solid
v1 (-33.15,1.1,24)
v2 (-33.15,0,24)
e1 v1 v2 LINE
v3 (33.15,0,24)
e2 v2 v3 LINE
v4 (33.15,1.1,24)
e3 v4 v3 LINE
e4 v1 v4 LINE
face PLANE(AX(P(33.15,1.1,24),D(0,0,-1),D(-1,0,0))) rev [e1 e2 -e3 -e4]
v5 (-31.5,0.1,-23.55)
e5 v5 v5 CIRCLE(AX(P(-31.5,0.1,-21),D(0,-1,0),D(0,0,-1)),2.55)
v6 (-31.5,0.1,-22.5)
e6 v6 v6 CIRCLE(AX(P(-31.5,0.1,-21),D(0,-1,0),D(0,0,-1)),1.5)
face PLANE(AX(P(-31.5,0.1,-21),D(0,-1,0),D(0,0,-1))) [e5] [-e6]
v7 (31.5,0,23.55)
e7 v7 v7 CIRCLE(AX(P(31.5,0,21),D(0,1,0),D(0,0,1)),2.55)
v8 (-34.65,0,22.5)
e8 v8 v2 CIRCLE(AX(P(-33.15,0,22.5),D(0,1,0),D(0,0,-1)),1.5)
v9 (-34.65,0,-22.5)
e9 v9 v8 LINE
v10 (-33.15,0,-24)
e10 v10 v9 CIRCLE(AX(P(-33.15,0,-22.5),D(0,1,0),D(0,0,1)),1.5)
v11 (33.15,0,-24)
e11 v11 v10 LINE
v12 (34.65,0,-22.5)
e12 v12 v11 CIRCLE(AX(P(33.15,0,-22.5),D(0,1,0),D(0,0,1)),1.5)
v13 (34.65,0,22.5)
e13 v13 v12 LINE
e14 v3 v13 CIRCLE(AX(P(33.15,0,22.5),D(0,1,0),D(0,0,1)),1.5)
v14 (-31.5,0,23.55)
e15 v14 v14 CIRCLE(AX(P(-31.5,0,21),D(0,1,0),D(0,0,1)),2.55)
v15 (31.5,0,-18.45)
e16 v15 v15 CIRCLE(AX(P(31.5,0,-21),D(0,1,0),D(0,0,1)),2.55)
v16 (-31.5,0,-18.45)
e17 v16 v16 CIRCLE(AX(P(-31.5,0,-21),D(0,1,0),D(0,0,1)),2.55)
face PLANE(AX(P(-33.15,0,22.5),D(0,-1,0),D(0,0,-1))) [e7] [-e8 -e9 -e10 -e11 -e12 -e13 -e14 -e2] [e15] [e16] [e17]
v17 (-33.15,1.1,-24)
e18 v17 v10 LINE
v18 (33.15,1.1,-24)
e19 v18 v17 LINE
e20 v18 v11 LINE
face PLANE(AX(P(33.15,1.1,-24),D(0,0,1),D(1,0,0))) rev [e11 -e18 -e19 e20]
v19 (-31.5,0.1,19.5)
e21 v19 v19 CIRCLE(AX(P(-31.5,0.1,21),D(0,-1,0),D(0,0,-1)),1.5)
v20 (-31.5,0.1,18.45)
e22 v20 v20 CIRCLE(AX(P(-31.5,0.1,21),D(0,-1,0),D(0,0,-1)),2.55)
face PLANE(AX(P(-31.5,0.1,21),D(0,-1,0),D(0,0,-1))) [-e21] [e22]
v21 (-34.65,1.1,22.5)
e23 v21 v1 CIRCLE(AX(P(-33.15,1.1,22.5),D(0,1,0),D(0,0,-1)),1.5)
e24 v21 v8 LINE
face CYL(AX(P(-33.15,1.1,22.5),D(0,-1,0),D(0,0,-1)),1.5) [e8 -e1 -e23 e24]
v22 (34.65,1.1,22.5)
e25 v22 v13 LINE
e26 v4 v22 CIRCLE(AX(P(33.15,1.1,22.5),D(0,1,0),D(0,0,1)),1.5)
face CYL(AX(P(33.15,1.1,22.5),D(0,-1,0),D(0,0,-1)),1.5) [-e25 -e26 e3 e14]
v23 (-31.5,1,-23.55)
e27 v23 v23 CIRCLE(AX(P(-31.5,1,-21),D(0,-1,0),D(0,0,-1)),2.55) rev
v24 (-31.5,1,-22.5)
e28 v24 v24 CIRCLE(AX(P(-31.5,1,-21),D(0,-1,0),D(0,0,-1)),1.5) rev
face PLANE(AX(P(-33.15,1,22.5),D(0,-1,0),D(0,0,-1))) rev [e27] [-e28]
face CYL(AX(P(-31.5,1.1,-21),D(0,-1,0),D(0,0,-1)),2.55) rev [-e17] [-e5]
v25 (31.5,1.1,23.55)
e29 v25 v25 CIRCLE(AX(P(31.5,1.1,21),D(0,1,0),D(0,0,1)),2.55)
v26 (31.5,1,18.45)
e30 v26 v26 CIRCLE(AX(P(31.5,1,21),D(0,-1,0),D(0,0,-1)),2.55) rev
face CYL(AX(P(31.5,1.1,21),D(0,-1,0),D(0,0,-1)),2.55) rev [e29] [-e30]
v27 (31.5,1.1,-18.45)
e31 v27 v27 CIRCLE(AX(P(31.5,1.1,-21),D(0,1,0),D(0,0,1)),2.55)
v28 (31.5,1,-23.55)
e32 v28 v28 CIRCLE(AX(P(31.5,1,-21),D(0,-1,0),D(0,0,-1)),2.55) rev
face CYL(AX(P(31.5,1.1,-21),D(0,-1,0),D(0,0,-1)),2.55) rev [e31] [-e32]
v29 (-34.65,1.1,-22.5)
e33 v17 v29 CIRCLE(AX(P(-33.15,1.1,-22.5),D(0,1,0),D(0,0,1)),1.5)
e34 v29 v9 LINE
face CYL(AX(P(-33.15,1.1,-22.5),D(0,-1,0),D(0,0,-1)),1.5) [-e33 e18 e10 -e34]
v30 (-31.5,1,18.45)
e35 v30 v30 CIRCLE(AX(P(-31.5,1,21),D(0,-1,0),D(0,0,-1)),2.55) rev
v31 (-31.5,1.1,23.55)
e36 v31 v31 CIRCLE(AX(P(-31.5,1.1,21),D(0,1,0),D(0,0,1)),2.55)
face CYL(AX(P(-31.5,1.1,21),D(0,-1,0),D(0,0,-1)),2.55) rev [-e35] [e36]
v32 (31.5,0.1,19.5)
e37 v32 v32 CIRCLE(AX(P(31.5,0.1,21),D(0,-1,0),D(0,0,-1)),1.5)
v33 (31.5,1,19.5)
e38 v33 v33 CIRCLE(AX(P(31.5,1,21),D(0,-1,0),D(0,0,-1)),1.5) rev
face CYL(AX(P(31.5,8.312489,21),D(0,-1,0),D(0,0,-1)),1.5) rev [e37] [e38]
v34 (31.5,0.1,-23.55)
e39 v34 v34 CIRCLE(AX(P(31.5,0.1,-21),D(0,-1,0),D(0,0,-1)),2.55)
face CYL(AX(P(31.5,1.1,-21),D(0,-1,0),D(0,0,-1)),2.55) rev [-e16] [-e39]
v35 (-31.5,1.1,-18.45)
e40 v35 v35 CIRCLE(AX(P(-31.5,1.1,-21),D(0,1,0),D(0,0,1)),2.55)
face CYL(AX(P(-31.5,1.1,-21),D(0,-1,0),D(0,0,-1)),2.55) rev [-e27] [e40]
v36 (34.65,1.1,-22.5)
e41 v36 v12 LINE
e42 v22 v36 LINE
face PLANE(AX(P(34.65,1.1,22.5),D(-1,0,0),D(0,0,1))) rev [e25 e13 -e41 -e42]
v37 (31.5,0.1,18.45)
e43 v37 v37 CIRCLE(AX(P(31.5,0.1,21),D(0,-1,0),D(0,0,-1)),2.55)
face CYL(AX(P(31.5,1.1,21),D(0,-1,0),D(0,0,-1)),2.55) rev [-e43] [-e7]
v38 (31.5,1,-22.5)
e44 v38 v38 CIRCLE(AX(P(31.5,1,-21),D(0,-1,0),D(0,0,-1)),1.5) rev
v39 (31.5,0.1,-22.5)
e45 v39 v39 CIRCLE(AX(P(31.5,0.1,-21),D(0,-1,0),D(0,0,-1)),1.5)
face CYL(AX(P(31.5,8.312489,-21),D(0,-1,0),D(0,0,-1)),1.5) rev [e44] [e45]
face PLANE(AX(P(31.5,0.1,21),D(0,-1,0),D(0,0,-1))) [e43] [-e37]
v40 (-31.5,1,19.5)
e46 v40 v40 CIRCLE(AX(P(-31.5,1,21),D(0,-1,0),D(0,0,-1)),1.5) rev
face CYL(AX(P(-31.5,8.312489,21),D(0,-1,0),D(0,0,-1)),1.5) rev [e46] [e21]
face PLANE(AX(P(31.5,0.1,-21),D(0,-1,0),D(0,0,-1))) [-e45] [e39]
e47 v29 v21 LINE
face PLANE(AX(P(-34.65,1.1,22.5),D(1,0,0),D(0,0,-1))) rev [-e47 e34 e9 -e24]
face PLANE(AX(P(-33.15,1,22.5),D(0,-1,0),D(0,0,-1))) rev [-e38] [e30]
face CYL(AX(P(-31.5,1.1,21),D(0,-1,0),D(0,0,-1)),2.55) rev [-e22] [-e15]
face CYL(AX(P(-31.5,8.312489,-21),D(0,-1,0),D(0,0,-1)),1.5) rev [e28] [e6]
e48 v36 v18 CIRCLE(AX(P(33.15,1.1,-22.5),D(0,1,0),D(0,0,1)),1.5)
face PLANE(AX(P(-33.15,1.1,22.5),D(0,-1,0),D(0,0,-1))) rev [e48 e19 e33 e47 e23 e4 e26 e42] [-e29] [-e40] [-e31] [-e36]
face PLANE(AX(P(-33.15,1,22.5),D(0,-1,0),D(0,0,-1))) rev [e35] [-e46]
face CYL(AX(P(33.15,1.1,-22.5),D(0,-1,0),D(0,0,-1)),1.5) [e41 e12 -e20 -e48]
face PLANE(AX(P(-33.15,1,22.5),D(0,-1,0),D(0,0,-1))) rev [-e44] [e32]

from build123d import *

# Parameters (mm, degrees)
SKETCH_1_R      = 2.55
EXTRUDE_1_DEPTH = 1.1
SKETCH_2_R      = 2.55
SKETCH_2_R_2    = 1.5
EXTRUDE_2_DEPTH = 0.9


with BuildPart() as part:
    # Эскиз1 → Бобышка-Вытянуть1 (new body)
    with BuildSketch(Plane(origin=(0, 0, 0), x_dir=(1, 0, 0), z_dir=(0, 1, 0))):
        with BuildLine():
            Line((33.15, -24), (-33.15, -24))
            ThreePointArc((-33.15, -24), (-34.210660172, -23.560660172), (-34.65, -22.5))
            Line((-34.65, -22.5), (-34.65, 22.5))
            ThreePointArc((-34.65, 22.5), (-34.210660172, 23.560660172), (-33.15, 24))
            Line((-33.15, 24), (33.15, 24))
            ThreePointArc((33.15, 24), (34.210660172, 23.560660172), (34.65, 22.5))
            Line((34.65, 22.5), (34.65, -22.5))
            ThreePointArc((34.65, -22.5), (34.210660172, -23.560660172), (33.15, -24))
        make_face()
        with Locations(Location((-31.5, 21, 0), (0, 0, 270))):
            Circle(SKETCH_1_R, mode=Mode.SUBTRACT)
        with Locations(Location((31.5, 21, 0), (0, 0, 270))):
            Circle(SKETCH_1_R, mode=Mode.SUBTRACT)
        with Locations(Location((31.5, -21, 0), (0, 0, 270))):
            Circle(SKETCH_1_R, mode=Mode.SUBTRACT)
        with Locations(Location((-31.5, -21, 0), (0, 0, 270))):
            Circle(SKETCH_1_R, mode=Mode.SUBTRACT)
    extrude(amount=EXTRUDE_1_DEPTH)

    # Эскиз2 → Бобышка-Вытянуть2 (add)
    # profile 1 of 4: a face of its own
    with BuildSketch(Plane(origin=(0, 0.1, 0), x_dir=(-1, 0, 0), z_dir=(0, -1, 0))):
        with Locations(Location((31.5, -21, 0), (0, 0, 90))):
            Circle(SKETCH_2_R)
        with Locations(Location((31.5, -21, 0), (0, 0, 90))):
            Circle(SKETCH_2_R_2, mode=Mode.SUBTRACT)
    # profile 2 of 4: a face of its own
    with BuildSketch(Plane(origin=(0, 0.1, 0), x_dir=(-1, 0, 0), z_dir=(0, -1, 0))):
        with Locations(Location((-31.5, -21, 0), (0, 0, 90))):
            Circle(SKETCH_2_R)
        with Locations(Location((-31.5, -21, 0), (0, 0, 90))):
            Circle(SKETCH_2_R_2, mode=Mode.SUBTRACT)
    # profile 3 of 4: a face of its own
    with BuildSketch(Plane(origin=(0, 0.1, 0), x_dir=(-1, 0, 0), z_dir=(0, -1, 0))):
        with Locations(Location((-31.5, 21, 0), (0, 0, 90))):
            Circle(SKETCH_2_R)
        with Locations(Location((-31.5, 21, 0), (0, 0, 90))):
            Circle(SKETCH_2_R_2, mode=Mode.SUBTRACT)
    # profile 4 of 4: a face of its own
    with BuildSketch(Plane(origin=(0, 0.1, 0), x_dir=(-1, 0, 0), z_dir=(0, -1, 0))):
        with Locations(Location((31.5, 21, 0), (0, 0, 90))):
            Circle(SKETCH_2_R)
        with Locations(Location((31.5, 21, 0), (0, 0, 90))):
            Circle(SKETCH_2_R_2, mode=Mode.SUBTRACT)
    extrude(amount=-EXTRUDE_2_DEPTH)


solid = part.part
